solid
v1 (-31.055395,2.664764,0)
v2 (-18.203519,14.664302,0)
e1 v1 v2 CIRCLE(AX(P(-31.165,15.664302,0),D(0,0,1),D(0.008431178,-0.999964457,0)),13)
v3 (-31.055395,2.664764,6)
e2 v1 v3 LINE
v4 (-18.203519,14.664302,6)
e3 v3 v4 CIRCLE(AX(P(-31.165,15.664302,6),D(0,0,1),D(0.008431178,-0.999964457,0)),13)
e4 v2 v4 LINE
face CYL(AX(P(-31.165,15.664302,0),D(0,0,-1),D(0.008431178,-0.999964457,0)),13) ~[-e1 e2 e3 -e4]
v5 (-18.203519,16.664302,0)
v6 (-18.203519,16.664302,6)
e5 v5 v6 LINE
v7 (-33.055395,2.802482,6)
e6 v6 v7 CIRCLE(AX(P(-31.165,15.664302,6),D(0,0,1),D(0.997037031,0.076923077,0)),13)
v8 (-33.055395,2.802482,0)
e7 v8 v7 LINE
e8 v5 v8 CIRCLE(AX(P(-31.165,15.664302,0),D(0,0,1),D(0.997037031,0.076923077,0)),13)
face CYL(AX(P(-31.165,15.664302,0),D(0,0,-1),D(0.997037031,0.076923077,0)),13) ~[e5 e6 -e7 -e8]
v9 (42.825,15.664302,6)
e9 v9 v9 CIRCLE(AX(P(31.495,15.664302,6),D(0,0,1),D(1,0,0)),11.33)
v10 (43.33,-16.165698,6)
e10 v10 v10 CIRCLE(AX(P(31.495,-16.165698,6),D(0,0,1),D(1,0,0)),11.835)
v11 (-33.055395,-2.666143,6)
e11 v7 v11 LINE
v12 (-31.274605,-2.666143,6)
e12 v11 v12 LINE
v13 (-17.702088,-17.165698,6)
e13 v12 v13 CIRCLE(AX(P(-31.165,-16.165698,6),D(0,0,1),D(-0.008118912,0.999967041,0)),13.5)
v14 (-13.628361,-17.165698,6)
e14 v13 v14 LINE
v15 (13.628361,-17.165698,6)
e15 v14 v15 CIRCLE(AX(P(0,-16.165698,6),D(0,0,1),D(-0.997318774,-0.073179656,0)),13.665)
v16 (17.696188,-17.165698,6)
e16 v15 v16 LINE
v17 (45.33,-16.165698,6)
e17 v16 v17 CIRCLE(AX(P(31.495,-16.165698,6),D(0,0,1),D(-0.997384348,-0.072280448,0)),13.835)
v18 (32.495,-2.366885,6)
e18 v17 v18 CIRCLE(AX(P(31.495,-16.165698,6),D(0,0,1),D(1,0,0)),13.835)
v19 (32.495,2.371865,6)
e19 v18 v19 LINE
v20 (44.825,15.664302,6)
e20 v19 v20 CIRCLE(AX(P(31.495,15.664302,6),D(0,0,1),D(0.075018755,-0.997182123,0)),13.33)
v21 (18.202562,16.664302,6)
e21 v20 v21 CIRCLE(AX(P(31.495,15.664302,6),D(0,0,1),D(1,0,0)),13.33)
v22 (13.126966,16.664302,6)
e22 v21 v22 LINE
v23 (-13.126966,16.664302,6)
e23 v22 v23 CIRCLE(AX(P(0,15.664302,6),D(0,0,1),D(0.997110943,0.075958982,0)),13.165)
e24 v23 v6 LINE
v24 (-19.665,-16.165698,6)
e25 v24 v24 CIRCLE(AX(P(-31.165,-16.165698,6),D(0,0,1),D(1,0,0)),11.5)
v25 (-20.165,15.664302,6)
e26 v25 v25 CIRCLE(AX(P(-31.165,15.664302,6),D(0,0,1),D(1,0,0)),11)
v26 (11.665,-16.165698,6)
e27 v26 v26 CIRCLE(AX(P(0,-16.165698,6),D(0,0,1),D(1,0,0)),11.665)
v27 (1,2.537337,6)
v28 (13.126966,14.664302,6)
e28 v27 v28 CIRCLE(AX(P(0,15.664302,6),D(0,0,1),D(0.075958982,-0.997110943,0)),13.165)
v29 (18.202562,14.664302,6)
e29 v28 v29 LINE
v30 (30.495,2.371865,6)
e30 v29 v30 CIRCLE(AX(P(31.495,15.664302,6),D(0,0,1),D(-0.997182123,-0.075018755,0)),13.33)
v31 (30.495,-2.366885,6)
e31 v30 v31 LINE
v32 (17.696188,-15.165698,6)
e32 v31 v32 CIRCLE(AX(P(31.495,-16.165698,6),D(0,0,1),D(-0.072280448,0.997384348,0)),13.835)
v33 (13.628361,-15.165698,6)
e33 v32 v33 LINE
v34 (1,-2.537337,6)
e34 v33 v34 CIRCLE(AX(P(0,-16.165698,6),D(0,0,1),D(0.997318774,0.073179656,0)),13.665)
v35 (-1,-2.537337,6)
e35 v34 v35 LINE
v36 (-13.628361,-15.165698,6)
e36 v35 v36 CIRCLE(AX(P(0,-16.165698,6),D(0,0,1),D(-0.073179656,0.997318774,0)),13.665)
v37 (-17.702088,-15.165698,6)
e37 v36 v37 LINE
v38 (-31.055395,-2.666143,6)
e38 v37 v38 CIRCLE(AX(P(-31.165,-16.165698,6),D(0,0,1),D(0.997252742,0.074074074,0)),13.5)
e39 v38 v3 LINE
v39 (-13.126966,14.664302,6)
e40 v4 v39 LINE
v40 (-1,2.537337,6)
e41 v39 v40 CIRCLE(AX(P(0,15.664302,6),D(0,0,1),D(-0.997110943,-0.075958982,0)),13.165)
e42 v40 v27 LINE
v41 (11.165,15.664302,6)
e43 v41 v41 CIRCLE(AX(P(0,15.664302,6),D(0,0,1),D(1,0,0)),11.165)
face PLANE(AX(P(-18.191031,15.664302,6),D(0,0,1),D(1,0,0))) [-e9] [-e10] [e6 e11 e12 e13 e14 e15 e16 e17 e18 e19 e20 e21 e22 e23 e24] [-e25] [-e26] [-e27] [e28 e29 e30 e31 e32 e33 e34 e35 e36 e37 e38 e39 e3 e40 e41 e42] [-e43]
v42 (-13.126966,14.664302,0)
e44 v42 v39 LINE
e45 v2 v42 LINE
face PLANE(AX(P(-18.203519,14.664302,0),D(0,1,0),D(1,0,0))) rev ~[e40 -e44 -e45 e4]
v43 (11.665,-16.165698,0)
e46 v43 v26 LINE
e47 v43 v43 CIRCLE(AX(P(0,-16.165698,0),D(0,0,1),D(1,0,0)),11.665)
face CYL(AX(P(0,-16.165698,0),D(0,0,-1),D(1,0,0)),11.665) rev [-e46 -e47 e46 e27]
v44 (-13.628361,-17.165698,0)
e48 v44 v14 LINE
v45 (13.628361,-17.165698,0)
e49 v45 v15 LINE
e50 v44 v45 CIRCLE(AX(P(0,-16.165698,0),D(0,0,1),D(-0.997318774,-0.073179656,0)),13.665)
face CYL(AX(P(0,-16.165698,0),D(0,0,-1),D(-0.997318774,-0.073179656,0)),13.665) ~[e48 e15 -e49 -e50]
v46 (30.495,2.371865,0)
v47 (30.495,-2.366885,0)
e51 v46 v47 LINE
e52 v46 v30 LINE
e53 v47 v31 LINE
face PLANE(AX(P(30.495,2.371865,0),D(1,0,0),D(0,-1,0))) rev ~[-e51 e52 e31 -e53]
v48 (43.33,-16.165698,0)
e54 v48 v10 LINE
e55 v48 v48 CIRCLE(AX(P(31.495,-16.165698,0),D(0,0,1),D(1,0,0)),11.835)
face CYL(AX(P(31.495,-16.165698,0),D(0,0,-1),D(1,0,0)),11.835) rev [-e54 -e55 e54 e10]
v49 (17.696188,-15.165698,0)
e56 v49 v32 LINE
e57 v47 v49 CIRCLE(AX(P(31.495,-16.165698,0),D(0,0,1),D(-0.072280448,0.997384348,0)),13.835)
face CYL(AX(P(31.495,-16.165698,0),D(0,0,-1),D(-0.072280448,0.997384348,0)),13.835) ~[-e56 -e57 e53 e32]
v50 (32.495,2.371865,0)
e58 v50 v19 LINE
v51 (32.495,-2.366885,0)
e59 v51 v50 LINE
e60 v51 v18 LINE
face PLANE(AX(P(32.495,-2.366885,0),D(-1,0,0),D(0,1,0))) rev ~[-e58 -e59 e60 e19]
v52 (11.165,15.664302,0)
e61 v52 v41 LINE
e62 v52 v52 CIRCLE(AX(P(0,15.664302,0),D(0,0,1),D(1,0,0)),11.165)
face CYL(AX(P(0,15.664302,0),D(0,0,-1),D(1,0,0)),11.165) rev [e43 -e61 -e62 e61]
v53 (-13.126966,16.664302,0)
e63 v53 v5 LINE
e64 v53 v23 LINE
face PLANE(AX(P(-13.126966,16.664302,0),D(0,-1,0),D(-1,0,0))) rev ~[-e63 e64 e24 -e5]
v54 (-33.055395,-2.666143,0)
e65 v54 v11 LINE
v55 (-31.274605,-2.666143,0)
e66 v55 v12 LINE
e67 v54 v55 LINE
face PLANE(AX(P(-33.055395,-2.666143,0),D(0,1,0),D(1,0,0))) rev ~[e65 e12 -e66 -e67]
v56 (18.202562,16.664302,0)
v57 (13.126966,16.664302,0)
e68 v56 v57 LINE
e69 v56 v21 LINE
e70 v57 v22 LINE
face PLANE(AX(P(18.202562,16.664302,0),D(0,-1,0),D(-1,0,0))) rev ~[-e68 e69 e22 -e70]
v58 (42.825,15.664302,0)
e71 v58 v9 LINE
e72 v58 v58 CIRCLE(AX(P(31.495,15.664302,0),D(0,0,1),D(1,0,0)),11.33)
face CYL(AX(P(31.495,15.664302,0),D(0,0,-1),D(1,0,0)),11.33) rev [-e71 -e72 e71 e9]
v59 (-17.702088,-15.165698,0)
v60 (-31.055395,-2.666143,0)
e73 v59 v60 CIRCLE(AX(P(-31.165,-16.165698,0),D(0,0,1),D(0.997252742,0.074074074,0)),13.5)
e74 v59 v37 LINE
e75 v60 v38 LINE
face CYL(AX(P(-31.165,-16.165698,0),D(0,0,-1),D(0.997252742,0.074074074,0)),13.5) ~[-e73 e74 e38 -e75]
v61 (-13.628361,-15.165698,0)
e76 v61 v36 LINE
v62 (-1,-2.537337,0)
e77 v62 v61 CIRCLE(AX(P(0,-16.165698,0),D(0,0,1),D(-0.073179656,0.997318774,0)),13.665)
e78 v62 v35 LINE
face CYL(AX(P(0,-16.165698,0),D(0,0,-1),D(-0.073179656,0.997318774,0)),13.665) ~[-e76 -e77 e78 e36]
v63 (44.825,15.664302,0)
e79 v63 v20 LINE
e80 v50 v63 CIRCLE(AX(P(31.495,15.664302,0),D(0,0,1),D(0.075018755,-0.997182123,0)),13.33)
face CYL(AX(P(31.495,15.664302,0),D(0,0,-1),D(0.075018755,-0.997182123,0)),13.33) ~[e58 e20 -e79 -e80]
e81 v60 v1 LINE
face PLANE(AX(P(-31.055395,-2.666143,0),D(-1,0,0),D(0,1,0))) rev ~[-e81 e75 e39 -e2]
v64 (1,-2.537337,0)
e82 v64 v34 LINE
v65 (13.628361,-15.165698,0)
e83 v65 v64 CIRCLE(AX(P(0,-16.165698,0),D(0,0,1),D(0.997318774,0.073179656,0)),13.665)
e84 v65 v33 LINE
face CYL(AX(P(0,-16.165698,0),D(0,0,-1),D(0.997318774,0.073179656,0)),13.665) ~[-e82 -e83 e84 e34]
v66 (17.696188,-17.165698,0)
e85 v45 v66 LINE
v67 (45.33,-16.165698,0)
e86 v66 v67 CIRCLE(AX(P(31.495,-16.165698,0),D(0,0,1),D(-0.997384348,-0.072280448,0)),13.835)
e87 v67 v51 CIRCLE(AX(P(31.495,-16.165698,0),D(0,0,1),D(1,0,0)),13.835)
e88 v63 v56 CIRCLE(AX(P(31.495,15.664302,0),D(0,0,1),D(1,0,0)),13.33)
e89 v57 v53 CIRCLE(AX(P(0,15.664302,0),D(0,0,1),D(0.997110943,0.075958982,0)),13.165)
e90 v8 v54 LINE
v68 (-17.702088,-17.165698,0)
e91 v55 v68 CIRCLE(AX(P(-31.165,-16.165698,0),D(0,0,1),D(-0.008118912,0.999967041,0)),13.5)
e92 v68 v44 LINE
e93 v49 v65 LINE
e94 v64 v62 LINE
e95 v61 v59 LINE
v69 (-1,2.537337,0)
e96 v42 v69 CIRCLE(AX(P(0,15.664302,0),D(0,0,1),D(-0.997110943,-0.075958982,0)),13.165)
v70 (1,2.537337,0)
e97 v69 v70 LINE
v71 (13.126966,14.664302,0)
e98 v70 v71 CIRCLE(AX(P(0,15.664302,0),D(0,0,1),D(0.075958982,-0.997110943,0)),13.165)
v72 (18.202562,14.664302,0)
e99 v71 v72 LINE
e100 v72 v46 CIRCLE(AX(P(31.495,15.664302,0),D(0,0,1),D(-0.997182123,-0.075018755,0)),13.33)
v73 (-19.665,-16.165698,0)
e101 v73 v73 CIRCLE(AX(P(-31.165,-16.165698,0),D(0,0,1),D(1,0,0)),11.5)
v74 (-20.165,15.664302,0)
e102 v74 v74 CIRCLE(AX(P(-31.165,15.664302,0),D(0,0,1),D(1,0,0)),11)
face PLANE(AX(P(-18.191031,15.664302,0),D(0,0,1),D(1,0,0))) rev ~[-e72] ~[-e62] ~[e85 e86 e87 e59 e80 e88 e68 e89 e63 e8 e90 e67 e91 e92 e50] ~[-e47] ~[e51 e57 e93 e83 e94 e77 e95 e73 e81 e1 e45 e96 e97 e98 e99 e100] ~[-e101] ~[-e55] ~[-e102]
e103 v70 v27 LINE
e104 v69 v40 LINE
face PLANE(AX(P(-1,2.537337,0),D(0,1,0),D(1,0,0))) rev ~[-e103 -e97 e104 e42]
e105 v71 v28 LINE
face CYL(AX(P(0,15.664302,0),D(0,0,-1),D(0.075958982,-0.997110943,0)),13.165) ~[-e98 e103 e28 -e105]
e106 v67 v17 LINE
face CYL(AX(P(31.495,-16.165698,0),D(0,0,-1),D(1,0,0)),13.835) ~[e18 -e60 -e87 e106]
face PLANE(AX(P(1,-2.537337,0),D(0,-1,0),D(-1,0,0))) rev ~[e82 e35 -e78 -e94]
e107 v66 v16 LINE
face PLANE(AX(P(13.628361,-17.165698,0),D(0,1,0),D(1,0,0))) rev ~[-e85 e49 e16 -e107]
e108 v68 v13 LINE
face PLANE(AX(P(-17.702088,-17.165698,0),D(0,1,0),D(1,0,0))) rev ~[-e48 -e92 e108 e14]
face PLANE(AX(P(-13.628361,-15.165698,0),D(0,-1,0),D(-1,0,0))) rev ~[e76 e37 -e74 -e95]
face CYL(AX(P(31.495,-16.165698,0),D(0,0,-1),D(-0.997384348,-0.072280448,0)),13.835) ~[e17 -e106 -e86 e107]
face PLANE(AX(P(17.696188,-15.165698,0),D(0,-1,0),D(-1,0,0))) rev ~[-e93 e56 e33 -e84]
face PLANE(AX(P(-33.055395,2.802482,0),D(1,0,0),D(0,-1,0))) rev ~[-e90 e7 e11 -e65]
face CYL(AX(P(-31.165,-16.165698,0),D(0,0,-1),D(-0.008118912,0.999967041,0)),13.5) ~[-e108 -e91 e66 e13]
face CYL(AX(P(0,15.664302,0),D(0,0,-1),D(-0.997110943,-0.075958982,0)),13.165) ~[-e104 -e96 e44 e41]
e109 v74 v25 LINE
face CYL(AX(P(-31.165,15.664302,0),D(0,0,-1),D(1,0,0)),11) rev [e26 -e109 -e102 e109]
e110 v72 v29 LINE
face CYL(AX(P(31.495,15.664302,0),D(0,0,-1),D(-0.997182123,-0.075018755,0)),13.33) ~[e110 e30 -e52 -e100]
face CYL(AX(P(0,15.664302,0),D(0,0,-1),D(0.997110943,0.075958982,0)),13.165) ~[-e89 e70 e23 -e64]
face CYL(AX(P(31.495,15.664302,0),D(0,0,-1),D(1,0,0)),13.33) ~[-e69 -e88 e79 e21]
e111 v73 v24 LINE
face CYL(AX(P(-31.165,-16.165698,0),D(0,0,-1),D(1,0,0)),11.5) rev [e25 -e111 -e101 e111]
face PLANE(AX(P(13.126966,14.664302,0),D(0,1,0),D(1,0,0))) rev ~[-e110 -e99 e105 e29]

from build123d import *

# Parameters (mm, degrees)
F0_R     = 11
F0_R_2   = 11.165
F0_R_3   = 11.5
F0_R_4   = 11.33
F0_R_5   = 11.665
F0_R_6   = 11.835
F1_DEPTH = 6


with BuildPart() as f1:
    # F0 (on Top) → F1 (new body)
    with BuildSketch(Plane.XY):
        with BuildLine():
            ThreePointArc((-18.2035186032, 14.6643022569), (-18.17463322, 15.1639314737), (-18.165, 15.6643022569))
            ThreePointArc((-18.165, 15.6643022569), (-18.17463322, 16.1646730401), (-18.2035186032, 16.6643022569))
            Line((-18.2035186032, 16.6643022569), (-18.2035186032, 14.6643022569))
        make_face()
        with BuildLine():
            ThreePointArc((-18.2035186032, 16.6643022569), (-18.17463322, 16.1646730401), (-18.165, 15.6643022569))
            ThreePointArc((-18.165, 15.6643022569), (-18.17463322, 15.1639314737), (-18.2035186032, 14.6643022569))
            Line((-18.2035186032, 14.6643022569), (-13.1269655671, 14.6643022569))
            ThreePointArc((-13.1269655671, 14.6643022569), (-13.165, 15.6643022569), (-13.1269655671, 16.6643022569))
            Line((-13.1269655671, 16.6643022569), (-18.2035186032, 16.6643022569))
        make_face()
        with BuildLine():
            Line((-18.2035186032, 14.6643022569), (-18.2035186032, 16.6643022569))
            ThreePointArc((-18.2035186032, 16.6643022569), (-40.0351607695, 25.1679987969), (-33.0553946912, 2.8024824824))
            Line((-33.0553946912, 2.8024824824), (-31.0553946912, 2.8024824824))
            Line((-31.0553946912, 2.8024824824), (-31.0553946912, 2.664764316))
            ThreePointArc((-31.0553946912, 2.664764316), (-22.2931030994, 6.1622264108), (-18.2035186032, 14.6643022569))
        make_face()
        with Locations((-31.165, 15.6643022569)):
            Circle(F0_R, mode=Mode.SUBTRACT)
        with BuildLine():
            Line((-31.0553946912, 2.8024824824), (-33.0553946912, 2.8024824824))
            ThreePointArc((-33.0553946912, 2.8024824824), (-32.0580533464, 2.6950133126), (-31.0553946912, 2.664764316))
            Line((-31.0553946912, 2.664764316), (-31.0553946912, 2.8024824824))
        make_face()
        with BuildLine():
            ThreePointArc((-31.0553946912, 2.664764316), (-32.0580533464, 2.6950133126), (-33.0553946912, 2.8024824824))
            Line((-33.0553946912, 2.8024824824), (-33.0553946912, -2.6661426884))
            Line((-33.0553946912, -2.6661426884), (-31.2746053088, -2.6661426884))
            ThreePointArc((-31.2746053088, -2.6661426884), (-31.165, -2.6656977431), (-31.0553946912, -2.6661426884))
            Line((-31.0553946912, -2.6661426884), (-31.0553946912, 2.664764316))
        make_face()
        with BuildLine():
            Line((-13.1269655671, 14.6643022569), (-13.1269655671, 16.6643022569))
            ThreePointArc((-13.1269655671, 16.6643022569), (-13.165, 15.6643022569), (-13.1269655671, 14.6643022569))
        make_face()
        with BuildLine():
            ThreePointArc((13.1269655671, 16.6643022569), (0, 28.8293022569), (-13.1269655671, 16.6643022569))
            Line((-13.1269655671, 16.6643022569), (-13.1269655671, 14.6643022569))
            ThreePointArc((-13.1269655671, 14.6643022569), (-9.3090607743, 6.3552414826), (-1, 2.5373366898))
            Line((-1, 2.5373366898), (1, 2.5373366898))
            ThreePointArc((1, 2.5373366898), (9.3090607743, 6.3552414826), (13.1269655671, 14.6643022569))
            Line((13.1269655671, 14.6643022569), (13.1269655671, 16.6643022569))
        make_face()
        with Locations((0, 15.6643022569)):
            Circle(F0_R_2, mode=Mode.SUBTRACT)
        with BuildLine():
            Line((18.2025623003, 16.6643022569), (13.1269655671, 16.6643022569))
            ThreePointArc((13.1269655671, 16.6643022569), (13.1554879554, 16.1646637807), (13.165, 15.6643022569))
            ThreePointArc((13.165, 15.6643022569), (13.1554879554, 15.1639407331), (13.1269655671, 14.6643022569))
            Line((13.1269655671, 14.6643022569), (18.2025623003, 14.6643022569))
            ThreePointArc((18.2025623003, 14.6643022569), (18.165, 15.6643022569), (18.2025623003, 16.6643022569))
        make_face()
        with BuildLine():
            ThreePointArc((13.165, 15.6643022569), (13.1554879554, 16.1646637807), (13.1269655671, 16.6643022569))
            Line((13.1269655671, 16.6643022569), (13.1269655671, 14.6643022569))
            ThreePointArc((13.1269655671, 14.6643022569), (13.1554879554, 15.1639407331), (13.165, 15.6643022569))
        make_face()
        with BuildLine():
            Line((-31.2746053088, -2.6661426884), (-31.0553946912, -2.6661426884))
            ThreePointArc((-31.0553946912, -2.6661426884), (-31.165, -2.6656977431), (-31.2746053088, -2.6661426884))
        make_face()
        with BuildLine():
            ThreePointArc((-17.7020879822, -15.1656977431), (-21.9393278951, -6.3098885824), (-31.0553946912, -2.6661426884))
            Line((-31.0553946912, -2.6661426884), (-31.2746053088, -2.6661426884))
            ThreePointArc((-31.2746053088, -2.6661426884), (-41.0208091607, -25.391369848), (-17.7020879822, -17.1656977431))
            Line((-17.7020879822, -17.1656977431), (-17.7020879822, -15.1656977431))
        make_face()
        with Locations((-31.165, -16.1656977431)):
            Circle(F0_R_3, mode=Mode.SUBTRACT)
        with BuildLine():
            Line((18.2025623003, 14.6643022569), (18.2025623003, 16.6643022569))
            ThreePointArc((18.2025623003, 16.6643022569), (18.165, 15.6643022569), (18.2025623003, 14.6643022569))
        make_face()
        with BuildLine():
            ThreePointArc((44.825, 15.6643022569), (31.9953526073, 28.9849083718), (18.2025623003, 16.6643022569))
            Line((18.2025623003, 16.6643022569), (18.2025623003, 14.6643022569))
            ThreePointArc((18.2025623003, 14.6643022569), (22.0692666068, 6.2385688637), (30.495, 2.3718645572))
            Line((30.495, 2.3718645572), (32.495, 2.3718645572))
            ThreePointArc((32.495, 2.3718645572), (41.2678936349, 6.5990140651), (44.825, 15.6643022569))
        make_face()
        with Locations((31.495, 15.6643022569)):
            Circle(F0_R_4, mode=Mode.SUBTRACT)
        with BuildLine():
            Line((-13.6283610533, -15.1656977431), (-17.7020879822, -15.1656977431))
            ThreePointArc((-17.7020879822, -15.1656977431), (-17.6742751818, -15.6653539817), (-17.665, -16.1656977431))
            ThreePointArc((-17.665, -16.1656977431), (-17.6742751818, -16.6660415045), (-17.7020879822, -17.1656977431))
            Line((-17.7020879822, -17.1656977431), (-13.6283610533, -17.1656977431))
            ThreePointArc((-13.6283610533, -17.1656977431), (-13.665, -16.1656977431), (-13.6283610533, -15.1656977431))
        make_face()
        with BuildLine():
            ThreePointArc((-17.665, -16.1656977431), (-17.6742751818, -15.6653539817), (-17.7020879822, -15.1656977431))
            Line((-17.7020879822, -15.1656977431), (-17.7020879822, -17.1656977431))
            ThreePointArc((-17.7020879822, -17.1656977431), (-17.6742751818, -16.6660415045), (-17.665, -16.1656977431))
        make_face()
        with BuildLine():
            Line((1, -2.5373366898), (-1, -2.5373366898))
            ThreePointArc((-1, -2.5373366898), (-9.6626141649, -6.5030835782), (-13.6283610533, -15.1656977431))
            Line((-13.6283610533, -15.1656977431), (-13.6283610533, -17.1656977431))
            ThreePointArc((-13.6283610533, -17.1656977431), (0, -29.8306977431), (13.6283610533, -17.1656977431))
            Line((13.6283610533, -17.1656977431), (13.6283610533, -15.1656977431))
            ThreePointArc((13.6283610533, -15.1656977431), (9.6626141649, -6.5030835782), (1, -2.5373366898))
        make_face()
        with Locations((0, -16.1656977431)):
            Circle(F0_R_5, mode=Mode.SUBTRACT)
        with BuildLine():
            Line((-13.6283610533, -17.1656977431), (-13.6283610533, -15.1656977431))
            ThreePointArc((-13.6283610533, -15.1656977431), (-13.665, -16.1656977431), (-13.6283610533, -17.1656977431))
        make_face()
        with BuildLine():
            Line((32.495, -2.3668852942), (32.495, 2.3718645572))
            ThreePointArc((32.495, 2.3718645572), (31.495, 2.3343022569), (30.495, 2.3718645572))
            Line((30.495, 2.3718645572), (30.495, -2.3668852942))
            ThreePointArc((30.495, -2.3668852942), (31.495, -2.3306977431), (32.495, -2.3668852942))
        make_face()
        with BuildLine():
            ThreePointArc((30.495, 2.3718645572), (31.495, 2.3343022569), (32.495, 2.3718645572))
            Line((32.495, 2.3718645572), (30.495, 2.3718645572))
        make_face()
        with BuildLine():
            Line((17.6961875511, -15.1656977431), (13.6283610533, -15.1656977431))
            ThreePointArc((13.6283610533, -15.1656977431), (13.6558371914, -15.6653622526), (13.665, -16.1656977431))
            ThreePointArc((13.665, -16.1656977431), (13.6558371914, -16.6660332337), (13.6283610533, -17.1656977431))
            Line((13.6283610533, -17.1656977431), (17.6961875511, -17.1656977431))
            ThreePointArc((17.6961875511, -17.1656977431), (17.66, -16.1656977431), (17.6961875511, -15.1656977431))
        make_face()
        with BuildLine():
            ThreePointArc((13.665, -16.1656977431), (13.6558371914, -15.6653622526), (13.6283610533, -15.1656977431))
            Line((13.6283610533, -15.1656977431), (13.6283610533, -17.1656977431))
            ThreePointArc((13.6283610533, -17.1656977431), (13.6558371914, -16.6660332337), (13.665, -16.1656977431))
        make_face()
        with BuildLine():
            Line((30.495, -2.3668852942), (32.495, -2.3668852942))
            ThreePointArc((32.495, -2.3668852942), (31.495, -2.3306977431), (30.495, -2.3668852942))
        make_face()
        with BuildLine():
            ThreePointArc((45.33, -16.1656977431), (41.6252079199, -6.7430594448), (32.495, -2.3668852942))
            Line((32.495, -2.3668852942), (30.495, -2.3668852942))
            ThreePointArc((30.495, -2.3668852942), (21.7121776823, -6.3828754254), (17.6961875511, -15.1656977431))
            Line((17.6961875511, -15.1656977431), (17.6961875511, -17.1656977431))
            ThreePointArc((17.6961875511, -17.1656977431), (31.9953272776, -29.9916478955), (45.33, -16.1656977431))
        make_face()
        with Locations((31.495, -16.1656977431)):
            Circle(F0_R_6, mode=Mode.SUBTRACT)
        with BuildLine():
            Line((17.6961875511, -17.1656977431), (17.6961875511, -15.1656977431))
            ThreePointArc((17.6961875511, -15.1656977431), (17.66, -16.1656977431), (17.6961875511, -17.1656977431))
        make_face()
    extrude(amount=F1_DEPTH)


solid = f1.part
